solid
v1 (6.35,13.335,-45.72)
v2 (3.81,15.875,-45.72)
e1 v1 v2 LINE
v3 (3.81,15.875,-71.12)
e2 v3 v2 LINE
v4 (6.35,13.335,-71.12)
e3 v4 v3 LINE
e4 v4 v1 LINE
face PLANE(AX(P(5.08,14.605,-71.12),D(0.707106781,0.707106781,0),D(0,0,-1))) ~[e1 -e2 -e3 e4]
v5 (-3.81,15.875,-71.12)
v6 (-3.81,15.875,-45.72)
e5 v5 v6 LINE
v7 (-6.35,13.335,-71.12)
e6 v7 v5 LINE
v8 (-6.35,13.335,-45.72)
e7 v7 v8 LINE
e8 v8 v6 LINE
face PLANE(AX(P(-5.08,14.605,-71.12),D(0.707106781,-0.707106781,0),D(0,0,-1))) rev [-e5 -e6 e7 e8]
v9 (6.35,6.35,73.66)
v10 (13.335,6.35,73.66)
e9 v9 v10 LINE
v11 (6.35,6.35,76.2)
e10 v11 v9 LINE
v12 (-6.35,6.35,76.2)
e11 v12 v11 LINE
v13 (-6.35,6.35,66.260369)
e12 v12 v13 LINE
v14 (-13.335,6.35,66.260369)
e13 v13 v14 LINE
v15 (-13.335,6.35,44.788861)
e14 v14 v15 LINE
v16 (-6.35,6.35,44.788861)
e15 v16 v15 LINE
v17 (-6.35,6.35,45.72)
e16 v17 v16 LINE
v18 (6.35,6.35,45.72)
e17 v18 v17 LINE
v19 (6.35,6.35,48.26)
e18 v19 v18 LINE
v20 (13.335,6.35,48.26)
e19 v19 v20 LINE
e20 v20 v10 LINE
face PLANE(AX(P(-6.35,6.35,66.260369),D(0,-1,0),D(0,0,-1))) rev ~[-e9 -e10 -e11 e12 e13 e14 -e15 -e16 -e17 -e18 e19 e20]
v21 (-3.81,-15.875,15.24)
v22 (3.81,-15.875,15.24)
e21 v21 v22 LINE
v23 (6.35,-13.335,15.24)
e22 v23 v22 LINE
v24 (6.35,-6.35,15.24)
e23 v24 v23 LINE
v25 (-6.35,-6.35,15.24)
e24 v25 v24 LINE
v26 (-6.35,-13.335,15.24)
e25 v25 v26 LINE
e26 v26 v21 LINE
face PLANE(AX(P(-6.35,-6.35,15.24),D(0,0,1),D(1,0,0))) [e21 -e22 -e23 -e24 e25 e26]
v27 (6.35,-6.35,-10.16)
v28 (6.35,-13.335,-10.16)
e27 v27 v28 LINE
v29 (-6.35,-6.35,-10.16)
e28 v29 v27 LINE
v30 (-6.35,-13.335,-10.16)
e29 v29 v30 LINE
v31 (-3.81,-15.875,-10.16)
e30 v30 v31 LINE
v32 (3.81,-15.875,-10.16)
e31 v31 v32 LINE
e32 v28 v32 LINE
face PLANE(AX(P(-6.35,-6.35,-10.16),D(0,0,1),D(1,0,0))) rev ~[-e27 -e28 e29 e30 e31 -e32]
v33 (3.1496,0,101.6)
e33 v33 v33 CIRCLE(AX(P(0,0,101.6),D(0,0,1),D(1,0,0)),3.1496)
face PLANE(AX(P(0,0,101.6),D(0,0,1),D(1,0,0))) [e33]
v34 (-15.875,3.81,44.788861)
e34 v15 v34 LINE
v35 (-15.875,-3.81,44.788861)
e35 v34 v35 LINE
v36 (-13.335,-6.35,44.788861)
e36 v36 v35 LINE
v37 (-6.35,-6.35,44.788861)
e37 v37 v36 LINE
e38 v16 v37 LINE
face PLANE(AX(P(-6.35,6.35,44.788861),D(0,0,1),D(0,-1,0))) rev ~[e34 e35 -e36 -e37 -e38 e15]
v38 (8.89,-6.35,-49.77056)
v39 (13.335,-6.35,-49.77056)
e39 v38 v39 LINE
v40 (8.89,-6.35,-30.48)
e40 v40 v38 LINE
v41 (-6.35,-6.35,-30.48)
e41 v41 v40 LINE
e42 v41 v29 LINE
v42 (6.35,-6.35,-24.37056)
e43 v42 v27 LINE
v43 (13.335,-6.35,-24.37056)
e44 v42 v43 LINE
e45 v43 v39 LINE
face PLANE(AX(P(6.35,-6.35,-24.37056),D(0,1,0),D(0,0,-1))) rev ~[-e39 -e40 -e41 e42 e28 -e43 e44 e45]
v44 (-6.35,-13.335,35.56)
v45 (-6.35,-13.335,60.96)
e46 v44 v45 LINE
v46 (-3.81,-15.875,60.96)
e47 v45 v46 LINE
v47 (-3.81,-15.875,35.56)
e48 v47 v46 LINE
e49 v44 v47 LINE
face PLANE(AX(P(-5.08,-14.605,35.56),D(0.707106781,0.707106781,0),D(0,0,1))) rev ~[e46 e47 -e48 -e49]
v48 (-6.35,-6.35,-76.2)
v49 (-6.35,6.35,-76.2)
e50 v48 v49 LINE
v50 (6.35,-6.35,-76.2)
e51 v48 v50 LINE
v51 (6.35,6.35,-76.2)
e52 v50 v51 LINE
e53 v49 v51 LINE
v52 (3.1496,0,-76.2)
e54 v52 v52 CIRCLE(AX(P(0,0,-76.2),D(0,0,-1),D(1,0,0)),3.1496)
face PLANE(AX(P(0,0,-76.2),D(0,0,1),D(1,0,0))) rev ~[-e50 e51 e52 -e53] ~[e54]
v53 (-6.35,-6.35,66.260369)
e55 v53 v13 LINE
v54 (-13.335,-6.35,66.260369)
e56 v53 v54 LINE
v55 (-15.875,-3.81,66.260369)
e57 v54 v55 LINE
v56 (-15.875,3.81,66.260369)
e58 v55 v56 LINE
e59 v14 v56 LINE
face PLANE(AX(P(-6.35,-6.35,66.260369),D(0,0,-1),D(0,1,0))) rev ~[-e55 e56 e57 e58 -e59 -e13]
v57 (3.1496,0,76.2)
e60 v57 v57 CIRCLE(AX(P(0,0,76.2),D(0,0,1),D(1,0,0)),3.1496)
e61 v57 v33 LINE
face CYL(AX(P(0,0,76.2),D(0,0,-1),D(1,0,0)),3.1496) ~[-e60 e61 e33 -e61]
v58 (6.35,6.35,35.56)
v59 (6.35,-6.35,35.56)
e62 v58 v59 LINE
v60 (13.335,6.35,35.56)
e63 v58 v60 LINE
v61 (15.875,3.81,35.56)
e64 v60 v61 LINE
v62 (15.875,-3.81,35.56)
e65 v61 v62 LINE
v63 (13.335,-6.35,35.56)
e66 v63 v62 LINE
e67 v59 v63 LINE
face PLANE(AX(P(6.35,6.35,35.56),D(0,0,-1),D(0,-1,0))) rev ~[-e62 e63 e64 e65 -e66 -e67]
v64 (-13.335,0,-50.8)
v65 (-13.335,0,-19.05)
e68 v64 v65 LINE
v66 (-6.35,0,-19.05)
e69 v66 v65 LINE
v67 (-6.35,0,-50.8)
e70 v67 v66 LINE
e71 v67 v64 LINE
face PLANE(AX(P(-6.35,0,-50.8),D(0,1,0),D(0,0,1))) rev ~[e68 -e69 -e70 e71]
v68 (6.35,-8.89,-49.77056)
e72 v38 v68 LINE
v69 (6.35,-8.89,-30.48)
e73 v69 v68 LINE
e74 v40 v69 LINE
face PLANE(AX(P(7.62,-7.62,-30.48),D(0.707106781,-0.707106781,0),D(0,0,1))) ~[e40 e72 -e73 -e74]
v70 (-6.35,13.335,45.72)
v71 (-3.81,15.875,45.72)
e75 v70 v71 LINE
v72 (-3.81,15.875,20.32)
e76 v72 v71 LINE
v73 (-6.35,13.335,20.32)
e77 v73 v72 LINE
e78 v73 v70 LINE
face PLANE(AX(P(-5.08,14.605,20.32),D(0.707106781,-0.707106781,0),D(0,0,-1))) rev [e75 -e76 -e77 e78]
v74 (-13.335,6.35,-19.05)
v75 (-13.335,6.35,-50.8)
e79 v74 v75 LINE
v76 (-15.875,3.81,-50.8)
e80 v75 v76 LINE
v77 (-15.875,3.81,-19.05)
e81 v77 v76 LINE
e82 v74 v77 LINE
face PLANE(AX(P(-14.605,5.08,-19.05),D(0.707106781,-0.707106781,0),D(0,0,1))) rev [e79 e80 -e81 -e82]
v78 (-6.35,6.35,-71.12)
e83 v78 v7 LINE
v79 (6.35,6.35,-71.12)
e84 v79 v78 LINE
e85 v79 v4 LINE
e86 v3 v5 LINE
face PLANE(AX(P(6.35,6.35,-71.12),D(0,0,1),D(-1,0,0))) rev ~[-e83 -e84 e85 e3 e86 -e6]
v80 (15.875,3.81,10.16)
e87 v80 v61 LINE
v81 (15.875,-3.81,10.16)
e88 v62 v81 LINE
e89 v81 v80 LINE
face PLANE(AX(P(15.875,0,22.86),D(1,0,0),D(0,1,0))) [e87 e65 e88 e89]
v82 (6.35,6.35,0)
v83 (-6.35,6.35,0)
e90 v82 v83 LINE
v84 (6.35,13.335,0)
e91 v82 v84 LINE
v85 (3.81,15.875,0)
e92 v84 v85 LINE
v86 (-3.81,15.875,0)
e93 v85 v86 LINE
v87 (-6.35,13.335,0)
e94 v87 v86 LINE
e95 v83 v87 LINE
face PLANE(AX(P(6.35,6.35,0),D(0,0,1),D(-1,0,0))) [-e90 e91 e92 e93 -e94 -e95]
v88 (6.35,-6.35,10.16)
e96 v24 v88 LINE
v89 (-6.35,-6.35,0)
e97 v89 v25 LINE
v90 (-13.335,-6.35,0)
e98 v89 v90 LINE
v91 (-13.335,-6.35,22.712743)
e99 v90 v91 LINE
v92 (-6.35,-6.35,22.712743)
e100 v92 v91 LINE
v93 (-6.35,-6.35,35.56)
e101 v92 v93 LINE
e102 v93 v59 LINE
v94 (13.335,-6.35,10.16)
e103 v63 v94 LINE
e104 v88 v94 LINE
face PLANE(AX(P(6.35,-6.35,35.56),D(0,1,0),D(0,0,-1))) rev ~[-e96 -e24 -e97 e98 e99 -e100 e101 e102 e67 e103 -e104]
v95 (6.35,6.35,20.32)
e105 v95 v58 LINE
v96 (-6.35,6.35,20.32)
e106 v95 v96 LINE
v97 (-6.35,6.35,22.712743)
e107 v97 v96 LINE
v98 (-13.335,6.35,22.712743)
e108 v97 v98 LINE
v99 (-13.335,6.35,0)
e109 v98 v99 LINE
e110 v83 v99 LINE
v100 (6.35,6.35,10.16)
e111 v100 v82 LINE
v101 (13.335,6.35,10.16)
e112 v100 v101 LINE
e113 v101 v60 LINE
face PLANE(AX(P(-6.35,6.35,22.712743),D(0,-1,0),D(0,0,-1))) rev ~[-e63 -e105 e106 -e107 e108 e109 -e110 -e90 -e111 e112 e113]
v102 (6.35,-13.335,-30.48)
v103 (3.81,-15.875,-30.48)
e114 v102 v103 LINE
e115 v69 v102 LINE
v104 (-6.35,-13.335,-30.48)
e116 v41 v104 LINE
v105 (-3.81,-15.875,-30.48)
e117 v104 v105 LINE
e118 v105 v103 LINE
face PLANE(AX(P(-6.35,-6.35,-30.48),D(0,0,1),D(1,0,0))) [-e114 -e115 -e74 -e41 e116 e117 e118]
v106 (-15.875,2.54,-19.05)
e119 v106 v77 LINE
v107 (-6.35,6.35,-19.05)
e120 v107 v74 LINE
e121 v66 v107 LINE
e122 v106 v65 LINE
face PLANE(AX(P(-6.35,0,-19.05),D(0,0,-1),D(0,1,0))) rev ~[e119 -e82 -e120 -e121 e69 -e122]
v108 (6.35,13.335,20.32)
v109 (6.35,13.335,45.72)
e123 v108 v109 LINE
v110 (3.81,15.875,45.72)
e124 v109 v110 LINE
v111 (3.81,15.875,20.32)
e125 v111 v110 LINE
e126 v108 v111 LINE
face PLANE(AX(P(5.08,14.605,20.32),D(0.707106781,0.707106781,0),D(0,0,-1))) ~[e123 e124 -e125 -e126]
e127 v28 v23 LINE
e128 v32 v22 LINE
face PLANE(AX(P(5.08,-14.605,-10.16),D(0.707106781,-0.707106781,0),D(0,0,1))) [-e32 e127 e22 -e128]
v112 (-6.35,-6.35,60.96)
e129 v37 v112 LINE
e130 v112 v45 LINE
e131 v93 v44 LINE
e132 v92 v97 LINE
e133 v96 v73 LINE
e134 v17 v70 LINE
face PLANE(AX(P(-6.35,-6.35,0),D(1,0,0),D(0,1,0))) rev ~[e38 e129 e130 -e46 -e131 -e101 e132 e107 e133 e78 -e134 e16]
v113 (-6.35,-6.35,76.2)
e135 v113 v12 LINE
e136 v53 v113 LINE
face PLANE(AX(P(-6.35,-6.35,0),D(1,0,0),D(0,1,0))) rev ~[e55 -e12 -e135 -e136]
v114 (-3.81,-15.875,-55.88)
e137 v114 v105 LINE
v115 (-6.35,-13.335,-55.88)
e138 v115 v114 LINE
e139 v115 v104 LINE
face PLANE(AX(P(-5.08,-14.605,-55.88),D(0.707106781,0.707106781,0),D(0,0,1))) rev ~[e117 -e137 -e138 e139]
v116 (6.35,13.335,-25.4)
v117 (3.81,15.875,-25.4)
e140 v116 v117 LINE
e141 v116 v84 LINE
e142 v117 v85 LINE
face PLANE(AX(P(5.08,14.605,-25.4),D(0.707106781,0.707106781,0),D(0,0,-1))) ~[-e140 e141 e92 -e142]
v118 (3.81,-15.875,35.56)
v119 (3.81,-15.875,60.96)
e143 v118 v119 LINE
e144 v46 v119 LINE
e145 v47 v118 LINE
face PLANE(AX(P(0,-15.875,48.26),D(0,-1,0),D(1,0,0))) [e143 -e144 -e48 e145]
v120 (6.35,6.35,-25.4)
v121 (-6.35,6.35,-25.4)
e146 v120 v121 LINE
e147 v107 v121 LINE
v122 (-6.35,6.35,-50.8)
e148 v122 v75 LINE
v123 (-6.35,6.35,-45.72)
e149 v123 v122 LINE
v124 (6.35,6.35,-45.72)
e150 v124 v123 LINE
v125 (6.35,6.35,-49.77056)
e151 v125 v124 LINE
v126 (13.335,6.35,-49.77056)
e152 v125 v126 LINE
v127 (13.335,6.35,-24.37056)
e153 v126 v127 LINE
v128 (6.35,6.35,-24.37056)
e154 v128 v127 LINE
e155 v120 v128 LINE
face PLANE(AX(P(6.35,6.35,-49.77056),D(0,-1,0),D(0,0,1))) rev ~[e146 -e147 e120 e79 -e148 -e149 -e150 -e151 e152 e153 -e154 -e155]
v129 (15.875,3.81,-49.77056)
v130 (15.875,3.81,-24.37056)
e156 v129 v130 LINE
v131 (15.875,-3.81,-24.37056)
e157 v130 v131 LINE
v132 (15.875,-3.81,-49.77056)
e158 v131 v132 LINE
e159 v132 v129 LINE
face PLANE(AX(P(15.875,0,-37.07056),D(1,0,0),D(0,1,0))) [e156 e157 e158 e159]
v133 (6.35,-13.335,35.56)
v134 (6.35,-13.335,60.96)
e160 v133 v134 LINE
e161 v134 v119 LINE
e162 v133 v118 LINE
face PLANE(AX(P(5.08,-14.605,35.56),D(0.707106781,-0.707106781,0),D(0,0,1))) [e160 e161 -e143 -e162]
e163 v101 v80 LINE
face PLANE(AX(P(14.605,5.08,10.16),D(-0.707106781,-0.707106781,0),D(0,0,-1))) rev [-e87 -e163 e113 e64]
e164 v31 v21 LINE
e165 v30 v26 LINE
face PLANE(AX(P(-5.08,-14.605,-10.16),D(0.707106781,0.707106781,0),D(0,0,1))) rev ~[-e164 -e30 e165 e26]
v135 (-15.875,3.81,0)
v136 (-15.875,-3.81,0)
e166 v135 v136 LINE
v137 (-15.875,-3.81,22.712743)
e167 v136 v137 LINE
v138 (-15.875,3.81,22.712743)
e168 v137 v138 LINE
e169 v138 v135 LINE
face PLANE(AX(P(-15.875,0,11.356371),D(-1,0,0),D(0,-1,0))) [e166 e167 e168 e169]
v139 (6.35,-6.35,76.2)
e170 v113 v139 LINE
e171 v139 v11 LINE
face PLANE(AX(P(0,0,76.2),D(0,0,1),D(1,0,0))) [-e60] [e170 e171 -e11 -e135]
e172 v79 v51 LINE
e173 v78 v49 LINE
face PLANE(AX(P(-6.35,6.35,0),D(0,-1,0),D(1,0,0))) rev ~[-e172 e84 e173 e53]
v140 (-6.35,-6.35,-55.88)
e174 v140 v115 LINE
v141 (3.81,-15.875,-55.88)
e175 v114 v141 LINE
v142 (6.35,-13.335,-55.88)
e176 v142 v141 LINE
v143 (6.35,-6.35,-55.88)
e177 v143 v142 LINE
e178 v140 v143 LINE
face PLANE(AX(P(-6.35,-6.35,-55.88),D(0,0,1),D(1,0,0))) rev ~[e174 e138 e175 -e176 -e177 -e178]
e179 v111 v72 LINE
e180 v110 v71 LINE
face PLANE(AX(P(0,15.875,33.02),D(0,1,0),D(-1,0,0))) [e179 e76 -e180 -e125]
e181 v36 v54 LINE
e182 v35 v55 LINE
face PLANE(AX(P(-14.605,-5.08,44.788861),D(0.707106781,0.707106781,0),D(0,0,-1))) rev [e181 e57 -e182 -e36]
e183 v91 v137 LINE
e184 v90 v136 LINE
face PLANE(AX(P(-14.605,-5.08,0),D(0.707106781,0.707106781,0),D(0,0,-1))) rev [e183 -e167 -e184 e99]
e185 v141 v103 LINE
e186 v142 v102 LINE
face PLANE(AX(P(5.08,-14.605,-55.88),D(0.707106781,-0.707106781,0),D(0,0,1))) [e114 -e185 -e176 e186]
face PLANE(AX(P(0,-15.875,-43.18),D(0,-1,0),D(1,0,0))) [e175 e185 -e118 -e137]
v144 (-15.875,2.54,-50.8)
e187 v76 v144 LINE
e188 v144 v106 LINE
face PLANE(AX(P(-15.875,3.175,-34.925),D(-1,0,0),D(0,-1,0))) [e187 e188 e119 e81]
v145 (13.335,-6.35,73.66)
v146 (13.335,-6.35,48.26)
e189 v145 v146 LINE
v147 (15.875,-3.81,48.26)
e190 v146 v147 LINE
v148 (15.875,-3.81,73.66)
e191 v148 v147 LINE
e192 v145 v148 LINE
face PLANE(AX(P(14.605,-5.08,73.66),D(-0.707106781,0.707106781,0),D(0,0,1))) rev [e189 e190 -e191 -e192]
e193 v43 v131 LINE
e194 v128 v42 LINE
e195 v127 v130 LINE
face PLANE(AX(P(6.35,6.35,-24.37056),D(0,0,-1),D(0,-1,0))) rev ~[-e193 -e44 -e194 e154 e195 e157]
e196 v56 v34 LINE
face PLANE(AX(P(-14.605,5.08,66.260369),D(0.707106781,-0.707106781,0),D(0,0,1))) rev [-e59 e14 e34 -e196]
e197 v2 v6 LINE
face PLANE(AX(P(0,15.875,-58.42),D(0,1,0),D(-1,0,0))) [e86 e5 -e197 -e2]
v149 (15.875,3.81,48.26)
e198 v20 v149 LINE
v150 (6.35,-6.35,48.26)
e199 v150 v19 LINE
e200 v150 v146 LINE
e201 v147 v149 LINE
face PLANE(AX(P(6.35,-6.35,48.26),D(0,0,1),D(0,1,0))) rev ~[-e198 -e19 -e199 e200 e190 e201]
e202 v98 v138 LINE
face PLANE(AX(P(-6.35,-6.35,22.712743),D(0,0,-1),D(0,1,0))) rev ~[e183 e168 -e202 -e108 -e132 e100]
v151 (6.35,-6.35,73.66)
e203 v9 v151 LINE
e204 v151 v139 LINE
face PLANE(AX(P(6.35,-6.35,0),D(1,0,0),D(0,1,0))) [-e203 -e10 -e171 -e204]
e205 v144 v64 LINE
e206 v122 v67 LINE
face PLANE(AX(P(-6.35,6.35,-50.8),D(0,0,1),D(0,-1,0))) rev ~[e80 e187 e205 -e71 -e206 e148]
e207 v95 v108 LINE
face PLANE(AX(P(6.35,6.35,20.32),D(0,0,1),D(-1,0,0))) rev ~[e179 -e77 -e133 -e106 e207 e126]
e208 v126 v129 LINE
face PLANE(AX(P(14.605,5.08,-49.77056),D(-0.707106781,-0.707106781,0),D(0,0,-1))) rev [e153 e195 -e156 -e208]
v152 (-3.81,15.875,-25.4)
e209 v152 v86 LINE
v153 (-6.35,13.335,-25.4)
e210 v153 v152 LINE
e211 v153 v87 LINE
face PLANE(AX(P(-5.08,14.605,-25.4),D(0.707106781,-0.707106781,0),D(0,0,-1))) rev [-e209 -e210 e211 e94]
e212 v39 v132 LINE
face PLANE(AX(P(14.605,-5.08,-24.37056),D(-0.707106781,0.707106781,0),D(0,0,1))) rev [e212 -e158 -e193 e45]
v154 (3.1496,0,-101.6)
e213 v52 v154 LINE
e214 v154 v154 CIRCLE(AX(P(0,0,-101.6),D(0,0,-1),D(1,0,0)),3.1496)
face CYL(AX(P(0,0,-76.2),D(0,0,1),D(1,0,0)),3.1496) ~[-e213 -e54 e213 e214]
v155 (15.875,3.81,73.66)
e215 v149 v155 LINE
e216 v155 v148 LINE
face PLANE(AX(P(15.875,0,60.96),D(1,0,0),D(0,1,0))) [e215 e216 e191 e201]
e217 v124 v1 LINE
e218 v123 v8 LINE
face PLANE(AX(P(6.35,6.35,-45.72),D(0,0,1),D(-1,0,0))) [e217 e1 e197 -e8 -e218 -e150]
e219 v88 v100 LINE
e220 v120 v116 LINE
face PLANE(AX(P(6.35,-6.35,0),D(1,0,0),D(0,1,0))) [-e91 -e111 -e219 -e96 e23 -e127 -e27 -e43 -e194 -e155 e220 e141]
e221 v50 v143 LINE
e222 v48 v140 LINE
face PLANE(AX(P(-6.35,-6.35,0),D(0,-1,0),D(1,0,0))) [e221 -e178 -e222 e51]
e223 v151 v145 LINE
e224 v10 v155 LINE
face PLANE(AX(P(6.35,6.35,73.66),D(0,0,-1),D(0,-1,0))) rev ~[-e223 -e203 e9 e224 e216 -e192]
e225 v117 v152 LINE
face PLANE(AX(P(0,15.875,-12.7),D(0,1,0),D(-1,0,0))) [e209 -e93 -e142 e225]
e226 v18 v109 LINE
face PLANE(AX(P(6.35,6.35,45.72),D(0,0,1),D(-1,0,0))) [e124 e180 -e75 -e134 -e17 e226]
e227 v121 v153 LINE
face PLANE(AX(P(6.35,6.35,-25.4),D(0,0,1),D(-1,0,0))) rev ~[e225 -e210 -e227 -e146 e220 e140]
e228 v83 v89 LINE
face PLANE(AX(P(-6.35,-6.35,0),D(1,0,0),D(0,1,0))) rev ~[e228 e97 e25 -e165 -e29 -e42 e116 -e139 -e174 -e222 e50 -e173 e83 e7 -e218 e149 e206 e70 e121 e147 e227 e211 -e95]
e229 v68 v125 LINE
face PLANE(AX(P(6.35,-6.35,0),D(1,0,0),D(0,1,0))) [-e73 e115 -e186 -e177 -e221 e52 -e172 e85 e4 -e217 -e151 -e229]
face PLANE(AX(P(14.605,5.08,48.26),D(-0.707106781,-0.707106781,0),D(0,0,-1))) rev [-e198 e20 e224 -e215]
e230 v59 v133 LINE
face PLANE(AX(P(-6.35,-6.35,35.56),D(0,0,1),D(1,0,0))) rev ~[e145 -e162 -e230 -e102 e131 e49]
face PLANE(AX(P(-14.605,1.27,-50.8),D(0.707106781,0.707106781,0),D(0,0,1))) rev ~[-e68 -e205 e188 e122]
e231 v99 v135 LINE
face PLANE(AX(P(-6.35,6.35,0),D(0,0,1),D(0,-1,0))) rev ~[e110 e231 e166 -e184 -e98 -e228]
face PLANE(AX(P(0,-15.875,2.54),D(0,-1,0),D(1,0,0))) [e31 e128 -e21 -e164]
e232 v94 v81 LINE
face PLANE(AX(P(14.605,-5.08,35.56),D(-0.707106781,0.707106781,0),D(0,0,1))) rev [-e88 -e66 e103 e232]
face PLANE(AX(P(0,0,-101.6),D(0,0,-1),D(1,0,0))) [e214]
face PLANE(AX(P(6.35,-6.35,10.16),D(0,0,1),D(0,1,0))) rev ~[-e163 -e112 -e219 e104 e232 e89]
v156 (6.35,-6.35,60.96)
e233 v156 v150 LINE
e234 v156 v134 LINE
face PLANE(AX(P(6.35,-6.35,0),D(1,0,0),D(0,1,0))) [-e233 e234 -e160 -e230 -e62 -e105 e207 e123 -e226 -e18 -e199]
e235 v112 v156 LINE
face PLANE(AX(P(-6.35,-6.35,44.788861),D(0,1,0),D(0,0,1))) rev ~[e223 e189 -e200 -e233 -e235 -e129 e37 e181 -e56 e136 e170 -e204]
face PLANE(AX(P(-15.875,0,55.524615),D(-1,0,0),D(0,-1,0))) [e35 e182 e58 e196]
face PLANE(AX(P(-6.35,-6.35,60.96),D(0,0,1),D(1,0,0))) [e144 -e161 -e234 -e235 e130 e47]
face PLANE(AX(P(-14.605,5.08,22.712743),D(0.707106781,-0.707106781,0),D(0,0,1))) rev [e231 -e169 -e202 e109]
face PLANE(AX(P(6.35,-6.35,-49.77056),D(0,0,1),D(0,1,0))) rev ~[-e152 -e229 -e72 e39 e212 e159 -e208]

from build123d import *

# Parameters (mm, degrees)
F0_W      = 12.7
F0_H      = 12.7
F1_DEPTH  = 76.2
F2_W      = 12.7
F2_H      = 25.4
F3_DEPTH  = 9.525
F4_W      = 12.7
F4_H      = 25.4
F5_DEPTH  = 9.525
F7_DEPTH  = 9.525
F9_DEPTH  = 9.525
F10_R     = 3.1496
F11_DEPTH = 25.4
F12_R     = 3.1496
F13_DEPTH = 25.4
F14_SIZE  = 2.54


with BuildPart() as f1:
    # F0 (on Top) → F1 (new body, symmetric)
    with BuildSketch(Plane.XY):
        Rectangle(F0_W, F0_H)
    extrude(amount=F1_DEPTH, both=True)

    # F2 (on face) → F3 (join)
    with BuildSketch(Plane(origin=(0, 6.35, 0), x_dir=(-1, 0, 0), z_dir=(0, 1, 0))):
        with Locations((0, -58.42)):
            Rectangle(F2_W, F2_H)
        with Locations((0, -12.7)):
            Rectangle(F2_W, F2_H)
        with Locations((0, 33.02)):
            Rectangle(F2_W, F2_H)
    extrude(amount=F3_DEPTH)

    # F4 (on face) → F5 (join)
    with BuildSketch(Plane.XZ.offset(6.35)):
        with Locations((0, 48.26)):
            Rectangle(F4_W, F4_H)
        with Locations((0, 2.54)):
            Rectangle(F4_W, F4_H)
        with Locations((0, -43.18)):
            Rectangle(F4_W, F4_H)
    extrude(amount=F5_DEPTH)

    # F6 (on face) → F7 (join)
    with BuildSketch(Plane(origin=(-6.35, 0, 0), x_dir=(0, -1, 0), z_dir=(-1, 0, 0))):
        Polygon((-6.35, 66.260369), (-6.35, 45.72), (-6.35, 44.788861), (6.35, 44.788861), (6.35, 60.96), (6.35, 66.260369), align=None)
        Polygon((-6.35, 20.32), (-6.35, 0), (6.35, 0), (6.35, 15.24), (6.35, 22.712743), (-6.35, 22.712743), align=None)
        Polygon((-6.35, -45.72), (-6.35, -50.8), (0, -50.8), (0, -19.05), (-6.35, -19.05), (-6.35, -25.4), align=None)
    extrude(amount=F7_DEPTH)

    # F8 (on face) → F9 (join)
    with BuildSketch(Plane.YZ.offset(6.35)):
        Polygon((6.35, -24.37056), (-6.35, -24.37056), (-6.35, -30.48), (-6.35, -49.77056), (6.35, -49.77056), (6.35, -45.72), (6.35, -25.4), align=None)
        Polygon((6.35, 35.56), (-6.35, 35.56), (-6.35, 15.24), (-6.35, 10.16), (6.35, 10.16), (6.35, 20.32), align=None)
        Polygon((6.35, 73.66), (-6.35, 73.66), (-6.35, 60.96), (-6.35, 48.26), (6.35, 48.26), align=None)
    extrude(amount=F9_DEPTH)

    # F10 (on face) → F11 (join)
    with BuildSketch(Plane.XY.offset(76.2)):
        Circle(F10_R)
    extrude(amount=F11_DEPTH)

    # F12 (on face) → F13 (join)
    with BuildSketch(Plane(origin=(0, 0, -76.2), x_dir=(1, 0, 0), z_dir=(0, 0, -1))):
        Circle(F12_R)
    extrude(amount=F13_DEPTH)

    # F14
    f14_edges = [f1.edges().sort_by_distance(p)[0] for p in [
        (15.875, -6.35, 60.96),
        (15.875, 6.35, 60.96),
        (6.35, -15.875, 48.26),
        (-6.35, -15.875, 48.26),
        (-15.875, -6.35, 55.524615),
        (-15.875, 6.35, 55.524615),
        (-6.35, 15.875, 33.02),
        (6.35, 15.875, 33.02),
        (15.875, 6.35, 22.86),
        (15.875, -6.35, 22.86),
        (6.35, -15.875, 2.54),
        (-6.35, -15.875, 2.54),
        (-15.875, -6.35, 11.356371),
        (-15.875, 6.35, 11.356371),
        (-6.35, 15.875, -12.7),
        (6.35, 15.875, -12.7),
        (-15.875, 6.35, -34.925),
        (-15.875, 0, -34.925),
        (-6.35, -15.875, -43.18),
        (6.35, -15.875, -43.18),
        (6.35, -6.35, -40.12528),
        (15.875, 6.35, -37.07056),
        (15.875, -6.35, -37.07056),
        (6.35, 15.875, -58.42),
        (-6.35, 15.875, -58.42),
    ]]
    chamfer(f14_edges, length=F14_SIZE)


solid = f1.part
